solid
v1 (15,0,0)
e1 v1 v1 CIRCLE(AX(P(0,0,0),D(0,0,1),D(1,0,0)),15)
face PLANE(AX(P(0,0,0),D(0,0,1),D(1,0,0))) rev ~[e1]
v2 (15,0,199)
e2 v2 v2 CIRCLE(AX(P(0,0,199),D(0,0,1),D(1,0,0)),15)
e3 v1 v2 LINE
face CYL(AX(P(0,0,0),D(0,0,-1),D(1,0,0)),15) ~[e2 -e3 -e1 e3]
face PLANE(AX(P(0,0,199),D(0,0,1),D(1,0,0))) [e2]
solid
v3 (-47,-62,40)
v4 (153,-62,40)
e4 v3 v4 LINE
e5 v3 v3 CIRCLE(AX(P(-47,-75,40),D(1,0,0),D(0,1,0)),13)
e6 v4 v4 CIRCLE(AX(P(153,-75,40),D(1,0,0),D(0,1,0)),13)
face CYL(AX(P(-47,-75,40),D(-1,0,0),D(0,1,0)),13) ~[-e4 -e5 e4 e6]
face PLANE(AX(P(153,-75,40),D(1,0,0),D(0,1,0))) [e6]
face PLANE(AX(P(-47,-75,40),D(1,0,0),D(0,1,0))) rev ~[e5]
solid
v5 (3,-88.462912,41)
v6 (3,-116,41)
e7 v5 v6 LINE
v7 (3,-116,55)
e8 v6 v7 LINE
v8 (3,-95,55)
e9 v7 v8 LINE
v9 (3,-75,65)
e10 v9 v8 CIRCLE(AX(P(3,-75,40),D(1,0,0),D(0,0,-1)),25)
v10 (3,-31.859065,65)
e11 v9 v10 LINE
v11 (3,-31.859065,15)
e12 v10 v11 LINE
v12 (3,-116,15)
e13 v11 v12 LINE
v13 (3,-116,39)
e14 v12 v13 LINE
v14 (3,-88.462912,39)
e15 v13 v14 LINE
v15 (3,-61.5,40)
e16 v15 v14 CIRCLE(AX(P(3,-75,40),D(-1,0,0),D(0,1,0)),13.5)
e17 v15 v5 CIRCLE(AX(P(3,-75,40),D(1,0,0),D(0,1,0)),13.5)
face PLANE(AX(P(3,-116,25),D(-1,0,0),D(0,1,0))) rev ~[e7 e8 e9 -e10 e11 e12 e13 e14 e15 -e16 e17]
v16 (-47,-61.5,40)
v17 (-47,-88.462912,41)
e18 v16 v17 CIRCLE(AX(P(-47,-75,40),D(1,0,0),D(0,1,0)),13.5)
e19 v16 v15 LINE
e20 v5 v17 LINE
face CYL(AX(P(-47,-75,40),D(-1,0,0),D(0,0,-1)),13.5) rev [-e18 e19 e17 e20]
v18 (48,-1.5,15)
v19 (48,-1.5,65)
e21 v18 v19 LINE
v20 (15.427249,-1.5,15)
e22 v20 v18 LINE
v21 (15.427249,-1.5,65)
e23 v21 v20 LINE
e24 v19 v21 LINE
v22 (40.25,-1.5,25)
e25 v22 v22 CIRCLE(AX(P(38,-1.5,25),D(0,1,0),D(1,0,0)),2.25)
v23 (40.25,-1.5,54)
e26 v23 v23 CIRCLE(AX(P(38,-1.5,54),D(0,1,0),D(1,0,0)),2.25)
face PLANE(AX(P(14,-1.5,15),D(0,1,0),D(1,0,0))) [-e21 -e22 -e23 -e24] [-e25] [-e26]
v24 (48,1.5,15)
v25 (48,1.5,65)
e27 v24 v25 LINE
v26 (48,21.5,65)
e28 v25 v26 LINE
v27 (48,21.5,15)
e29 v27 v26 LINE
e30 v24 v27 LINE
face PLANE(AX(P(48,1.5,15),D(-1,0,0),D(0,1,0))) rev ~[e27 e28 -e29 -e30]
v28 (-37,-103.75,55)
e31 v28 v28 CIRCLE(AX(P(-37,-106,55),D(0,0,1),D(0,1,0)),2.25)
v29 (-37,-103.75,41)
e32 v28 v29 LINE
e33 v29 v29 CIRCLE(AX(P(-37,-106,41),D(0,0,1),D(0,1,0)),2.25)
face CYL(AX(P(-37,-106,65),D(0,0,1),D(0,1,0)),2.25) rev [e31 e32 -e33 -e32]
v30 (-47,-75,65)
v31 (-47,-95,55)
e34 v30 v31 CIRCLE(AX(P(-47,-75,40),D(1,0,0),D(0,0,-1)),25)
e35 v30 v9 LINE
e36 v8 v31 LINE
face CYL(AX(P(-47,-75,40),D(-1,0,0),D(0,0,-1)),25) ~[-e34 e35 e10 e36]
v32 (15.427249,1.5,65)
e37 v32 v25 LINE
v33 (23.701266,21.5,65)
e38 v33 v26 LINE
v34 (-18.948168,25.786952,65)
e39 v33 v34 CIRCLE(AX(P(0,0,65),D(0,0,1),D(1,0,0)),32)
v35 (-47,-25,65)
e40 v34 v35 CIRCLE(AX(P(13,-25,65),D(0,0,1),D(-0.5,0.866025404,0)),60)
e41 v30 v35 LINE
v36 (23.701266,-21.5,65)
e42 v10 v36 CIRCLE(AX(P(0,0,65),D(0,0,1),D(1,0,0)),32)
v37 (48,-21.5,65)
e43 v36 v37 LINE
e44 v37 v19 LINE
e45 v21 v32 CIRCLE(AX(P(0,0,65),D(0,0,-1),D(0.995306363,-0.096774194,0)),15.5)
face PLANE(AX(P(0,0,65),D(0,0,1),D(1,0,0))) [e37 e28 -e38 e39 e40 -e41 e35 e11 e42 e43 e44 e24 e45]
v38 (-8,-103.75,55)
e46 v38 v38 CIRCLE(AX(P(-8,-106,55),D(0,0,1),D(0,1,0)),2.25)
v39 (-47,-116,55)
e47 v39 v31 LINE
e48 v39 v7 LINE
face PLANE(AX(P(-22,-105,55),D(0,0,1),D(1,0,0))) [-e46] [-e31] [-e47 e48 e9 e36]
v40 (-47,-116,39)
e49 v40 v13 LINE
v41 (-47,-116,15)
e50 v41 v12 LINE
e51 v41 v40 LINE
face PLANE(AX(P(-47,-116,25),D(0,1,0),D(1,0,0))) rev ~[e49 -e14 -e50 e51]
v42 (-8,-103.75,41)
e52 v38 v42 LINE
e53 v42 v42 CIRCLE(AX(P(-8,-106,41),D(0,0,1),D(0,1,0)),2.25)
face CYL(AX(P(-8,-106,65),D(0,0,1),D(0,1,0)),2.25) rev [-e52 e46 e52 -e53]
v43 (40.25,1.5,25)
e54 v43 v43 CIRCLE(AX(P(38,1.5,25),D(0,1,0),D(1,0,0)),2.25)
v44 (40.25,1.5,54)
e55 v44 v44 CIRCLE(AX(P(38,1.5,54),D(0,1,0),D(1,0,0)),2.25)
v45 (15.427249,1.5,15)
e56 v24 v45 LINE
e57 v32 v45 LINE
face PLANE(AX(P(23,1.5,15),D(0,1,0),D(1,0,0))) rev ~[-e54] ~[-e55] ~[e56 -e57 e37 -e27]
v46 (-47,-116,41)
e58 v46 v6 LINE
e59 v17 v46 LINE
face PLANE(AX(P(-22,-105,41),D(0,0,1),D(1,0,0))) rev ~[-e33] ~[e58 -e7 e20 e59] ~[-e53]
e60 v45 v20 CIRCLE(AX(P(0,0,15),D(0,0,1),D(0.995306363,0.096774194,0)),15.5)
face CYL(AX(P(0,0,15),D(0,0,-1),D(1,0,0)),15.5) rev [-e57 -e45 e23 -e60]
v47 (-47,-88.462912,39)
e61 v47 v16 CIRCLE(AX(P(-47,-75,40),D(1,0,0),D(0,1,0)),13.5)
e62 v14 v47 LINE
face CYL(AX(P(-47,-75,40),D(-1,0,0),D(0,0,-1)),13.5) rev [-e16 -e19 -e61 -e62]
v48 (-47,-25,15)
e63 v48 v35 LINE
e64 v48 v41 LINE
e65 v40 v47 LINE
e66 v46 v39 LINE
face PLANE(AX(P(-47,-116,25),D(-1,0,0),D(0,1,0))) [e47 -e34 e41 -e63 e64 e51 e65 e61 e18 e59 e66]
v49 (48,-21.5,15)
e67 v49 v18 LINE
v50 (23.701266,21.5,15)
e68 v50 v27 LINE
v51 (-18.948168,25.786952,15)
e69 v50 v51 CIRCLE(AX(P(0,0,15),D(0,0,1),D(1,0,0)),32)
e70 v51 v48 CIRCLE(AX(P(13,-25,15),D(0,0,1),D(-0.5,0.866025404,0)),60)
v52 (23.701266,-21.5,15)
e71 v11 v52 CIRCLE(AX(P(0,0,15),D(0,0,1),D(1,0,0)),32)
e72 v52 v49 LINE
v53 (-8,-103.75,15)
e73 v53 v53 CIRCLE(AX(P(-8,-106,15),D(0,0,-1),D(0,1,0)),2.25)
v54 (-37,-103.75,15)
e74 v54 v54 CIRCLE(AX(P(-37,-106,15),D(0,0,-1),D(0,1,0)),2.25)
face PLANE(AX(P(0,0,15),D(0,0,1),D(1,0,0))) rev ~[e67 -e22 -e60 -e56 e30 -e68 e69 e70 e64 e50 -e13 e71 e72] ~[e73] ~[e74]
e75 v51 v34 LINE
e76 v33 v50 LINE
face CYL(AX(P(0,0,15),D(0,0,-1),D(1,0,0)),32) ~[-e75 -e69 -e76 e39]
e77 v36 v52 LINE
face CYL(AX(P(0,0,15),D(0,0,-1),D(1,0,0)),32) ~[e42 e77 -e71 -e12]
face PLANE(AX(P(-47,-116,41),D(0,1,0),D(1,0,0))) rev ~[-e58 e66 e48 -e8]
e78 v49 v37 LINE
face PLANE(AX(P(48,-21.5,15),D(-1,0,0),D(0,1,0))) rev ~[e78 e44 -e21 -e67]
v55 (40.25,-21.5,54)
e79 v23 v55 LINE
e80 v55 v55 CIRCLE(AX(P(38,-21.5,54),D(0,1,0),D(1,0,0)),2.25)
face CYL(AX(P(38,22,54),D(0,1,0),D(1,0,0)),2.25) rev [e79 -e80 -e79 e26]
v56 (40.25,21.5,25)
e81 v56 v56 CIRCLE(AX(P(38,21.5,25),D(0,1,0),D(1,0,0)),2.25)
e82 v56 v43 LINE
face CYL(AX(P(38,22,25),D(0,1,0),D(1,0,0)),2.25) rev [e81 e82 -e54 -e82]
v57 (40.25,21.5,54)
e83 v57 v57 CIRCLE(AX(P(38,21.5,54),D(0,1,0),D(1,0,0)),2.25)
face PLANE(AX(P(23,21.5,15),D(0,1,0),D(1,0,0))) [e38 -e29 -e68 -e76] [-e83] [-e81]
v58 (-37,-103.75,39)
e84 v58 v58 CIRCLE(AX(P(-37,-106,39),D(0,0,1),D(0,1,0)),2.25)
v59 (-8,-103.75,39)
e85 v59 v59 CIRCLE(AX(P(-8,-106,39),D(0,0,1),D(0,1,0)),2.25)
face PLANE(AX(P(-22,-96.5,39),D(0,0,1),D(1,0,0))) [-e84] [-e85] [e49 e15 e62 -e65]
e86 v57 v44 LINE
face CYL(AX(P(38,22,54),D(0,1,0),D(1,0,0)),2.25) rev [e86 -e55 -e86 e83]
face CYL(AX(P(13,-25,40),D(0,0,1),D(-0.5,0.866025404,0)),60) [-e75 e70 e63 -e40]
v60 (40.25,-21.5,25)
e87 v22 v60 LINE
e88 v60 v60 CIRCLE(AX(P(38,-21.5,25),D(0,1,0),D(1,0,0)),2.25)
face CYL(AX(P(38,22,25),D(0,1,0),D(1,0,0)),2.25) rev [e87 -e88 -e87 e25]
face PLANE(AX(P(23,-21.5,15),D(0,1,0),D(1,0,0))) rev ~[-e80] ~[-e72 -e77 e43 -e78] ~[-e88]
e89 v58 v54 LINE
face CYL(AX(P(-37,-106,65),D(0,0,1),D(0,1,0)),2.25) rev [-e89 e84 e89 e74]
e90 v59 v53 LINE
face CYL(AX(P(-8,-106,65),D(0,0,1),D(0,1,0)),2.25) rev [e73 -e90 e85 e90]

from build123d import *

# Parameters (mm, degrees)
CYLINDER_R                  = 15
CYLINDER_DEPTH              = 199
CYLINDER001_R               = 13
CYLINDER001_DEPTH           = 200
CYLINDER005_R               = 2.25
CYLINDER005_DEPTH           = 50
CYLINDER006_R               = 2.25
CYLINDER006_DEPTH           = 50
FUSION_ROLL_ANGLE           = 90
FUSION_PLACEMENT_ANGLE      = 90
CYLINDER004_R               = 15.5
CYLINDER004_DEPTH           = 199
CYLINDER003_R               = 13.5
CYLINDER003_DEPTH           = 200
BOX_W                       = 20
BOX_H                       = 3
BOX_DEPTH                   = 50
BOX006_W                    = 50
BOX006_H                    = 27
BOX006_DEPTH                = 2
CYLINDER007_R               = 2.25
CYLINDER007_DEPTH           = 50
CYLINDER008_R               = 2.25
CYLINDER008_DEPTH           = 50
BOX001_W                    = 25
BOX001_H                    = 20
BOX001_DEPTH                = 50
BOX002_W                    = 25
BOX002_H                    = 20
BOX002_DEPTH                = 50
BOX003_W                    = 50
BOX003_H                    = 75
BOX003_DEPTH                = 10
BOX004_W                    = 50
BOX004_H                    = 52
BOX004_DEPTH                = 14
BOX005_W                    = 50
BOX005_H                    = 22
BOX005_DEPTH                = 14
CYLINDER002_W               = 60
CYLINDER002_H               = 50
CYLINDER002_ANGLE           = 60
CYLINDER002_PLACEMENT_ANGLE = 120
TUBE_R                      = 32
TUBE_R_2                    = 15.5
TUBE_DEPTH                  = 50
TUBE001_R                   = 25
TUBE001_R_2                 = 13.5
TUBE001_DEPTH               = 50
BOX007_W                    = 50
BOX007_H                    = 50
BOX007_DEPTH                = 50


with BuildPart() as horizontal:
    # Cylinder → Cylinder (new body)
    with BuildSketch(Plane.XY):
        Circle(CYLINDER_R)
    extrude(amount=CYLINDER_DEPTH)


with BuildPart() as vertical:
    # Cylinder001 → Cylinder001 (new body)
    with BuildSketch(Plane(origin=(-47, -75, 40), x_dir=(0, 1, 0), z_dir=(1, 0, 0))):
        Circle(CYLINDER001_R)
    extrude(amount=CYLINDER001_DEPTH)


with BuildPart() as m4s:
    # Cylinder005 → Cylinder005 (new body)
    with BuildSketch(Plane(origin=(38, 22, 25), x_dir=(1, 0, 0), z_dir=(0, -1, 0))):
        Circle(CYLINDER005_R)
    extrude(amount=CYLINDER005_DEPTH)


with BuildPart() as m4s002:
    # Cylinder006 → Cylinder006 (new body)
    with BuildSketch(Plane(origin=(38, 22, 54), x_dir=(1, 0, 0), z_dir=(0, -1, 0))):
        Circle(CYLINDER006_R)
    extrude(amount=CYLINDER006_DEPTH)

    # Fusion: union m4s
    add(m4s.part)


with BuildPart() as m4s002_1:
    # Fusion roll: moved
    add(m4s002.part.rotate(Axis((0, 0, 0), (1, 0, 0)), FUSION_ROLL_ANGLE))


with BuildPart() as m4s002_2:
    # Fusion placement: moved
    add(m4s002_1.part.moved(Location((-62, -144, 43))).rotate(Axis((-62, -144, 43), (0, 0, 1)), FUSION_PLACEMENT_ANGLE))


with BuildPart() as horizontal001cuts:
    # Cylinder004 → Cylinder004 (new body)
    with BuildSketch(Plane.XY):
        Circle(CYLINDER004_R)
    extrude(amount=CYLINDER004_DEPTH)


with BuildPart() as vertical001cuts:
    # Cylinder003 → Cylinder003 (new body)
    with BuildSketch(Plane(origin=(-47, -75, 40), x_dir=(0, 1, 0), z_dir=(1, 0, 0))):
        Circle(CYLINDER003_R)
    extrude(amount=CYLINDER003_DEPTH)


with BuildPart() as horcuts:
    # Box → Box (new body)
    with BuildSketch(Plane(origin=(14, -1.5, 15), x_dir=(1, 0, 0), z_dir=(0, 0, 1))):
        with Locations((10, 1.5)):
            Rectangle(BOX_W, BOX_H)
    extrude(amount=BOX_DEPTH)


with BuildPart() as vercuts:
    # Box006 → Box006 (new body)
    with BuildSketch(Plane(origin=(-47, -110, 39), x_dir=(1, 0, 0), z_dir=(0, 0, 1))):
        with Locations((25, 13.5)):
            Rectangle(BOX006_W, BOX006_H)
    extrude(amount=BOX006_DEPTH)


with BuildPart() as m4s004:
    # Cylinder007 → Cylinder007 (new body)
    with BuildSketch(Plane(origin=(38, 22, 25), x_dir=(1, 0, 0), z_dir=(0, -1, 0))):
        Circle(CYLINDER007_R)
    extrude(amount=CYLINDER007_DEPTH)


with BuildPart() as cuts:
    # Cylinder008 → Cylinder008 (new body)
    with BuildSketch(Plane(origin=(38, 22, 54), x_dir=(1, 0, 0), z_dir=(0, -1, 0))):
        Circle(CYLINDER008_R)
    extrude(amount=CYLINDER008_DEPTH)

    # Fusion001: union m4s004
    add(m4s004.part)

    # Fusion002: union m4s002, Horizontal001Cuts, Vertical001Cuts, horCuts, verCuts
    add(m4s002_2.part)
    add(horizontal001cuts.part)
    add(vertical001cuts.part)
    add(horcuts.part)
    add(vercuts.part)


with BuildPart() as horadd:
    # Box001 → Box001 (new body)
    with BuildSketch(Plane(origin=(23, -21.5, 15), x_dir=(1, 0, 0), z_dir=(0, 0, 1))):
        with Locations((12.5, 10)):
            Rectangle(BOX001_W, BOX001_H)
    extrude(amount=BOX001_DEPTH)


with BuildPart() as horadd001:
    # Box002 → Box002 (new body)
    with BuildSketch(Plane(origin=(23, 1.5, 15), x_dir=(1, 0, 0), z_dir=(0, 0, 1))):
        with Locations((12.5, 10)):
            Rectangle(BOX002_W, BOX002_H)
    extrude(amount=BOX002_DEPTH)


with BuildPart() as veraddons:
    # Box003 → Box003 (new body)
    with BuildSketch(Plane(origin=(-47, -116, 15), x_dir=(1, 0, 0), z_dir=(0, 0, 1))):
        with Locations((25, 37.5)):
            Rectangle(BOX003_W, BOX003_H)
    extrude(amount=BOX003_DEPTH)


with BuildPart() as veraddons001:
    # Box004 → Box004 (new body)
    with BuildSketch(Plane(origin=(-47, -116, 25), x_dir=(1, 0, 0), z_dir=(0, 0, 1))):
        with Locations((25, 26)):
            Rectangle(BOX004_W, BOX004_H)
    extrude(amount=BOX004_DEPTH)


with BuildPart() as veraddons002:
    # Box005 → Box005 (new body)
    with BuildSketch(Plane(origin=(-47, -116, 41), x_dir=(1, 0, 0), z_dir=(0, 0, 1))):
        with Locations((25, 11)):
            Rectangle(BOX005_W, BOX005_H)
    extrude(amount=BOX005_DEPTH)


with BuildPart() as addcylinder:
    # Cylinder002 → Cylinder002 (revolve)
    with BuildSketch(Plane.XZ):
        with Locations((30, 25)):
            Rectangle(CYLINDER002_W, CYLINDER002_H)
    revolve(axis=Axis((0, 0, 0), (0, 0, 1)), revolution_arc=CYLINDER002_ANGLE)


with BuildPart() as addcylinder_1:
    # Cylinder002 placement: moved
    add(addcylinder.part.moved(Location((13, -25, 15))).rotate(Axis((13, -25, 15), (0, 0, 1)), CYLINDER002_PLACEMENT_ANGLE))


with BuildPart() as tubeaddons:
    # Tube → Tube (new body)
    with BuildSketch(Plane.XY.offset(15)):
        Circle(TUBE_R)
        Circle(TUBE_R_2, mode=Mode.SUBTRACT)
    extrude(amount=TUBE_DEPTH)


with BuildPart() as tubeaddons001:
    # Tube001 → Tube001 (new body)
    with BuildSketch(Plane(origin=(-47, -75, 40), x_dir=(0, 0, -1), z_dir=(1, 0, 0))):
        Circle(TUBE001_R)
        Circle(TUBE001_R_2, mode=Mode.SUBTRACT)
    extrude(amount=TUBE001_DEPTH)


with BuildPart() as rear:
    # Box007 → Box007 (new body)
    with BuildSketch(Plane(origin=(-47, -75, 15), x_dir=(1, 0, 0), z_dir=(0, 0, 1))):
        with Locations((25, 25)):
            Rectangle(BOX007_W, BOX007_H)
    extrude(amount=BOX007_DEPTH)

    # Fusion003: union horAdd, horAdd001, VerAddons, VerAddons001, VerAddons002, AddCylinder, TubeAddons, TubeAddons001
    add(horadd.part)
    add(horadd001.part)
    add(veraddons.part)
    add(veraddons001.part)
    add(veraddons002.part)
    add(addcylinder_1.part)
    add(tubeaddons.part)
    add(tubeaddons001.part)

    # Cut: cut cuts
    add(cuts.part, mode=Mode.SUBTRACT)


solid = Compound([horizontal.part, vertical.part, rear.part])
